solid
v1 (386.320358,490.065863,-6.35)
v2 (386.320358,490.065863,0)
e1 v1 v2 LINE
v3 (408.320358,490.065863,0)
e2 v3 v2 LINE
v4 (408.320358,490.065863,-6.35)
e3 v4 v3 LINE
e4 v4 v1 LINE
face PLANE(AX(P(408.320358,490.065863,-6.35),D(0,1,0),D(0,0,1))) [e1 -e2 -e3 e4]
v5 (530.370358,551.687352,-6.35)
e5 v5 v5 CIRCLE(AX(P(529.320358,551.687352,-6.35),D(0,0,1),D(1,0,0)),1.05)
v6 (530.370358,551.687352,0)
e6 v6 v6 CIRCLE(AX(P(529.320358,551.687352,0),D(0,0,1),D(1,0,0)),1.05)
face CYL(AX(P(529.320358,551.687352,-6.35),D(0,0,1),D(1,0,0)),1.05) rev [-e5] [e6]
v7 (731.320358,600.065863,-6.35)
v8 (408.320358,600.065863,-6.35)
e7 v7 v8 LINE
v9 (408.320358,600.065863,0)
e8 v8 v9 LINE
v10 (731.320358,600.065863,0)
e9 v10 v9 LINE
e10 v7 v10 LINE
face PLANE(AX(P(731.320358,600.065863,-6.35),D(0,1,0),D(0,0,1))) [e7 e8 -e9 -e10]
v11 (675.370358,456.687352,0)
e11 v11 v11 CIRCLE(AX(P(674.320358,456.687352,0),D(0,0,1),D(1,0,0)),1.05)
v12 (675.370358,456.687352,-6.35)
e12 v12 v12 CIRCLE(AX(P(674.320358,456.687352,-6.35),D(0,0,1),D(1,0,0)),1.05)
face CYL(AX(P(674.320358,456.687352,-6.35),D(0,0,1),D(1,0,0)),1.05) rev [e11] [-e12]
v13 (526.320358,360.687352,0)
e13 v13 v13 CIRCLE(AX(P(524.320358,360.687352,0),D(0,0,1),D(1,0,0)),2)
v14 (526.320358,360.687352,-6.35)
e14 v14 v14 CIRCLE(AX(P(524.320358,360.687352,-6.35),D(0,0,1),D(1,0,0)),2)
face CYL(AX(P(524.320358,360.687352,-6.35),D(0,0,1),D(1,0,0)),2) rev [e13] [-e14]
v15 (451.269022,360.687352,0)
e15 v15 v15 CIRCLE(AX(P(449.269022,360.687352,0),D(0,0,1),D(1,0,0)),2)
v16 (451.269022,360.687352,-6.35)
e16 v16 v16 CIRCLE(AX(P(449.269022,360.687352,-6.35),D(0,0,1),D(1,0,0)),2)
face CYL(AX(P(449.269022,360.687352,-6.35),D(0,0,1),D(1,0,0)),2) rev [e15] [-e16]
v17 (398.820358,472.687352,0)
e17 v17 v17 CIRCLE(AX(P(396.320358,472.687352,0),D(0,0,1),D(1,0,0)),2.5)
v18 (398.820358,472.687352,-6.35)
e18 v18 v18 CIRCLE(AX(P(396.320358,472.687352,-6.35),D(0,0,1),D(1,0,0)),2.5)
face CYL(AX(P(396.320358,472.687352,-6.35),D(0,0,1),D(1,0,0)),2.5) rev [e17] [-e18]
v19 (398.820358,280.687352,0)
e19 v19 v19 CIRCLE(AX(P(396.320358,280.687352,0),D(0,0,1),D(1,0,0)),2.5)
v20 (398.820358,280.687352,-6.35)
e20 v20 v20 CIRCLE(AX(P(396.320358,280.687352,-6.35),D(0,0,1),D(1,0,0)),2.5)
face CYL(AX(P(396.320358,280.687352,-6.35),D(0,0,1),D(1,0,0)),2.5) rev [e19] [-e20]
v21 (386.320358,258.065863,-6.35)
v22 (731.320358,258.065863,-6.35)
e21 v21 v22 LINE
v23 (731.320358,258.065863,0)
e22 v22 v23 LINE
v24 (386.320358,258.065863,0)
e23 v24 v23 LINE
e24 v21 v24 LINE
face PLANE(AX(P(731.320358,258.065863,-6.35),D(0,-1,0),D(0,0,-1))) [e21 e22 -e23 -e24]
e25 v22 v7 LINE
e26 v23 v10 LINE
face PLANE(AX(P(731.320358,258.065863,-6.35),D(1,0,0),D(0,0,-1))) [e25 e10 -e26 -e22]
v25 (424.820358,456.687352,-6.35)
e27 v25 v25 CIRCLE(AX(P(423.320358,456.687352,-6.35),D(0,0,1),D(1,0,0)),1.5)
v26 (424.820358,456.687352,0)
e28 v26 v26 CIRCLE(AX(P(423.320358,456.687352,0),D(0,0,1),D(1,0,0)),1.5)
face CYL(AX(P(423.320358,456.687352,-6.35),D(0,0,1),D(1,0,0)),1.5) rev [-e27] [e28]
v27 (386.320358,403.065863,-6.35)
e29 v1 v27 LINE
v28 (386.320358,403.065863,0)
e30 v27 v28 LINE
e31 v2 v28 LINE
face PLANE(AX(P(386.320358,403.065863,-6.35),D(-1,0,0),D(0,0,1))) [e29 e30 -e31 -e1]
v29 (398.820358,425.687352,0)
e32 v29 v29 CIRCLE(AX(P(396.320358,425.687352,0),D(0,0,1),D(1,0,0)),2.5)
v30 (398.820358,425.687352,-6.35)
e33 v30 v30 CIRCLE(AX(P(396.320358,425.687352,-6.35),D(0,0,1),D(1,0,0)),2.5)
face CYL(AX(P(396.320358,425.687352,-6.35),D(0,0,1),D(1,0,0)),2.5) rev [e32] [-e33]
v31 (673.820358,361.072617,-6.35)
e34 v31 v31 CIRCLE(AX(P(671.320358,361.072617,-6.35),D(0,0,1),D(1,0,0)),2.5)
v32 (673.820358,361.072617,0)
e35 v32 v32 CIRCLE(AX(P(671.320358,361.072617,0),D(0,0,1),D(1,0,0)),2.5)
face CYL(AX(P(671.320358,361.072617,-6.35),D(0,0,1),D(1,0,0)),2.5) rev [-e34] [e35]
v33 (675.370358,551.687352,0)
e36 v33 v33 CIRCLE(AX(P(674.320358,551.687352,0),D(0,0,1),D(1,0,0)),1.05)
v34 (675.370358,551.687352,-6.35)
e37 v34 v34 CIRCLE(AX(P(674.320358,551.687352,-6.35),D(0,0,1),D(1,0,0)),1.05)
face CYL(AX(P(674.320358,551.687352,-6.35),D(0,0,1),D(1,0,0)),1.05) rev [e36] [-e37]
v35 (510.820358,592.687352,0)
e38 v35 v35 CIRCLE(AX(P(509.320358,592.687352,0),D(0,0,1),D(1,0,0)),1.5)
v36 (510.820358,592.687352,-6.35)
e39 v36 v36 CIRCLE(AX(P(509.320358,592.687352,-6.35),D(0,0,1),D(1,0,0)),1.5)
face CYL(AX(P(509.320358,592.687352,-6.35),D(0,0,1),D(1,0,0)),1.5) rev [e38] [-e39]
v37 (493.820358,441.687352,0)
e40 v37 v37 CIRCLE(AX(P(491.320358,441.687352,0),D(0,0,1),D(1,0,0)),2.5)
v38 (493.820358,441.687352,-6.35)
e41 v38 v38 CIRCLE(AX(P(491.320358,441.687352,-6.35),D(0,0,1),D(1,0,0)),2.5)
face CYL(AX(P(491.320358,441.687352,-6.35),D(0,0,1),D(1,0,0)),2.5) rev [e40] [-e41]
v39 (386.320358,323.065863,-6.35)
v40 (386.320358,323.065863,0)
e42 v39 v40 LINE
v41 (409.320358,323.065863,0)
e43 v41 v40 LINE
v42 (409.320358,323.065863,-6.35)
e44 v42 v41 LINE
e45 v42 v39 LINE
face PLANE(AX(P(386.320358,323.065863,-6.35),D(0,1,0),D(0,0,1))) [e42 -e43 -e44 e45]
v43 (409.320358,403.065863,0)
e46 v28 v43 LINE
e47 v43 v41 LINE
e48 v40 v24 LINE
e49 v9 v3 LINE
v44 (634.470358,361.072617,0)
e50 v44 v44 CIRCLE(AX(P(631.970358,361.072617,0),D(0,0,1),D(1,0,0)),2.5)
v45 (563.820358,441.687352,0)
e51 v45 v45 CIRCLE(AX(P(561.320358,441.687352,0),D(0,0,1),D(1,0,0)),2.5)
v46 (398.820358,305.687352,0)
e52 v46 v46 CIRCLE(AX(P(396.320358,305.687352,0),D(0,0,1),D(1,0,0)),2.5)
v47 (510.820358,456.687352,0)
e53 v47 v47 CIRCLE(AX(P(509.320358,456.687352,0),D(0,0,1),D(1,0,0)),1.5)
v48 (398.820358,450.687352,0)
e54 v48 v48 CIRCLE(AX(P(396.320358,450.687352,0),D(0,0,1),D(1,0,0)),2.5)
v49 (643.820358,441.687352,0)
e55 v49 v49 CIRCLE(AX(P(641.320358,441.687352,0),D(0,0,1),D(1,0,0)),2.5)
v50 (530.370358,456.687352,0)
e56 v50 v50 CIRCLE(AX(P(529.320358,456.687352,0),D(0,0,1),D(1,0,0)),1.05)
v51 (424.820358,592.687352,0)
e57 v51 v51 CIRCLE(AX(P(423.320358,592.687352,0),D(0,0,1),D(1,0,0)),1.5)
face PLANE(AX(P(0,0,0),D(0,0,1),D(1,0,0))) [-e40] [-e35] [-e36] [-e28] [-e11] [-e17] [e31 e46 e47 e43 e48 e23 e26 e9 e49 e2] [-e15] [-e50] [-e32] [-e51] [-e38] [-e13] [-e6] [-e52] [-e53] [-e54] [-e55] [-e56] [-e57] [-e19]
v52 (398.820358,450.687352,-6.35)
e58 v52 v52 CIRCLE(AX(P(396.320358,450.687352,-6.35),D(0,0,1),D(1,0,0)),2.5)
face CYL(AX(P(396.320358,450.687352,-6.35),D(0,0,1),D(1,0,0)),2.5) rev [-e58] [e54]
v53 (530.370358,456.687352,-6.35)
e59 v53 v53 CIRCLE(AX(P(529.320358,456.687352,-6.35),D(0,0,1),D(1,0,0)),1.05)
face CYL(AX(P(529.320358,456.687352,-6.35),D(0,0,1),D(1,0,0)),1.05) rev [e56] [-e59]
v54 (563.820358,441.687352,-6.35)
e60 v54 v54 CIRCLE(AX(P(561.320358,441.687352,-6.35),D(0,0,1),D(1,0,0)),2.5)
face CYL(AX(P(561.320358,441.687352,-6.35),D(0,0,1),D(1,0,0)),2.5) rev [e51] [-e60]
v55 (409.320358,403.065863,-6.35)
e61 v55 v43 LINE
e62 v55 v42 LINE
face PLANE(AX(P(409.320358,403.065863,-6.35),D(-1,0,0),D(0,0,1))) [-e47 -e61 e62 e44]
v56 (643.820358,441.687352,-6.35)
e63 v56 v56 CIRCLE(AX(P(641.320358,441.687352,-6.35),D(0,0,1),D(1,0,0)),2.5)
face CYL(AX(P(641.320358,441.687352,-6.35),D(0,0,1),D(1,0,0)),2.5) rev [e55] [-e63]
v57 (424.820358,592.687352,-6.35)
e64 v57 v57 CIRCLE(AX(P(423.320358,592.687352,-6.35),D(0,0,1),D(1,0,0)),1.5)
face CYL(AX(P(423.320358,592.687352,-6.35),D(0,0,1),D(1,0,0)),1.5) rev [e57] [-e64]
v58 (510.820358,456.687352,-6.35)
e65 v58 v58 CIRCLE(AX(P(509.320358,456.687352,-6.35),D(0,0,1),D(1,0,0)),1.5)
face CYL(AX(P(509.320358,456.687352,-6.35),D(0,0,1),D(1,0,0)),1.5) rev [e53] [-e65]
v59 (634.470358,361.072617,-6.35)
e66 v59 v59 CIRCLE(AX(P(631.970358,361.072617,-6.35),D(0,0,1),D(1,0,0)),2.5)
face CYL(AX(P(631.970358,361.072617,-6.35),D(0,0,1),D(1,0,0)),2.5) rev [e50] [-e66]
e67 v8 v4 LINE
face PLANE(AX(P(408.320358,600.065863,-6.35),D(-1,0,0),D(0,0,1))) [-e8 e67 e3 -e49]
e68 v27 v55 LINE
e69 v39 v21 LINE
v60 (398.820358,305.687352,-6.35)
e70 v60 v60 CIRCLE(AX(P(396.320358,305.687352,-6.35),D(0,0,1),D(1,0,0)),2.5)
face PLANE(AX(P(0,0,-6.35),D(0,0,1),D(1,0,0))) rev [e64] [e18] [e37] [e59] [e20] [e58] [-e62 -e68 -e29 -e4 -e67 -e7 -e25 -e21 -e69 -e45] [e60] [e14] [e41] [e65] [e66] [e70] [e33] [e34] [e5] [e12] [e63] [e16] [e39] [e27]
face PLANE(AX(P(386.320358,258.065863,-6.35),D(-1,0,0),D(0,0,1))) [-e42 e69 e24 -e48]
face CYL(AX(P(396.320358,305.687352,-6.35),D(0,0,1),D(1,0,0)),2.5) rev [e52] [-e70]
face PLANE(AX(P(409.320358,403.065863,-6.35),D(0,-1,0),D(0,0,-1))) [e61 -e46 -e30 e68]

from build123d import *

# Parameters (mm, degrees)
MODEL_R             = 2.5
MODEL_R_2           = 2
MODEL_R_3           = 1.5
MODEL_R_4           = 1.05
BOSS_EXTRUDE1_DEPTH = 6.35


with BuildPart() as part:
    # Model → Boss-Extrude1 (new body)
    with BuildSketch(Plane.XY):
        Polygon((731.320358487, 258.065863271), (386.320358487, 258.065863271), (386.320358487, 323.065863271), (409.320358487, 323.065863271), (409.320358487, 403.065863271), (386.320358487, 403.065863271), (386.320358487, 490.065863271), (408.320358487, 490.065863271), (408.320358487, 600.065863271), (731.320358487, 600.065863271), align=None)
        with Locations((396.320358487, 472.687351768)):
            Circle(MODEL_R, mode=Mode.SUBTRACT)
        with Locations((396.320358487, 450.687351768)):
            Circle(MODEL_R, mode=Mode.SUBTRACT)
        with Locations((396.320358487, 425.687351768)):
            Circle(MODEL_R, mode=Mode.SUBTRACT)
        with Locations((396.320358487, 305.687351768)):
            Circle(MODEL_R, mode=Mode.SUBTRACT)
        with Locations((396.320358487, 280.687351768)):
            Circle(MODEL_R, mode=Mode.SUBTRACT)
        with Locations((491.320358487, 441.687351768)):
            Circle(MODEL_R, mode=Mode.SUBTRACT)
        with Locations((561.320358487, 441.687351768)):
            Circle(MODEL_R, mode=Mode.SUBTRACT)
        with Locations((641.320358487, 441.687351768)):
            Circle(MODEL_R, mode=Mode.SUBTRACT)
        with Locations((449.26902181, 360.687351768)):
            Circle(MODEL_R_2, mode=Mode.SUBTRACT)
        with Locations((524.320358487, 360.687351768)):
            Circle(MODEL_R_2, mode=Mode.SUBTRACT)
        with Locations((423.320358487, 592.687351768)):
            Circle(MODEL_R_3, mode=Mode.SUBTRACT)
        with Locations((509.320358487, 592.687351768)):
            Circle(MODEL_R_3, mode=Mode.SUBTRACT)
        with Locations((509.320358487, 456.687351768)):
            Circle(MODEL_R_3, mode=Mode.SUBTRACT)
        with Locations((423.320358487, 456.687351768)):
            Circle(MODEL_R_3, mode=Mode.SUBTRACT)
        with Locations((529.320358487, 551.687351768)):
            Circle(MODEL_R_4, mode=Mode.SUBTRACT)
        with Locations((674.320358487, 551.687351768)):
            Circle(MODEL_R_4, mode=Mode.SUBTRACT)
        with Locations((529.320358487, 456.687351768)):
            Circle(MODEL_R_4, mode=Mode.SUBTRACT)
        with Locations((674.320358487, 456.687351768)):
            Circle(MODEL_R_4, mode=Mode.SUBTRACT)
        with Locations((631.970358487, 361.072616848)):
            Circle(MODEL_R, mode=Mode.SUBTRACT)
        with Locations((671.320358487, 361.072616848)):
            Circle(MODEL_R, mode=Mode.SUBTRACT)
    extrude(amount=-BOSS_EXTRUDE1_DEPTH)


solid = part.part
